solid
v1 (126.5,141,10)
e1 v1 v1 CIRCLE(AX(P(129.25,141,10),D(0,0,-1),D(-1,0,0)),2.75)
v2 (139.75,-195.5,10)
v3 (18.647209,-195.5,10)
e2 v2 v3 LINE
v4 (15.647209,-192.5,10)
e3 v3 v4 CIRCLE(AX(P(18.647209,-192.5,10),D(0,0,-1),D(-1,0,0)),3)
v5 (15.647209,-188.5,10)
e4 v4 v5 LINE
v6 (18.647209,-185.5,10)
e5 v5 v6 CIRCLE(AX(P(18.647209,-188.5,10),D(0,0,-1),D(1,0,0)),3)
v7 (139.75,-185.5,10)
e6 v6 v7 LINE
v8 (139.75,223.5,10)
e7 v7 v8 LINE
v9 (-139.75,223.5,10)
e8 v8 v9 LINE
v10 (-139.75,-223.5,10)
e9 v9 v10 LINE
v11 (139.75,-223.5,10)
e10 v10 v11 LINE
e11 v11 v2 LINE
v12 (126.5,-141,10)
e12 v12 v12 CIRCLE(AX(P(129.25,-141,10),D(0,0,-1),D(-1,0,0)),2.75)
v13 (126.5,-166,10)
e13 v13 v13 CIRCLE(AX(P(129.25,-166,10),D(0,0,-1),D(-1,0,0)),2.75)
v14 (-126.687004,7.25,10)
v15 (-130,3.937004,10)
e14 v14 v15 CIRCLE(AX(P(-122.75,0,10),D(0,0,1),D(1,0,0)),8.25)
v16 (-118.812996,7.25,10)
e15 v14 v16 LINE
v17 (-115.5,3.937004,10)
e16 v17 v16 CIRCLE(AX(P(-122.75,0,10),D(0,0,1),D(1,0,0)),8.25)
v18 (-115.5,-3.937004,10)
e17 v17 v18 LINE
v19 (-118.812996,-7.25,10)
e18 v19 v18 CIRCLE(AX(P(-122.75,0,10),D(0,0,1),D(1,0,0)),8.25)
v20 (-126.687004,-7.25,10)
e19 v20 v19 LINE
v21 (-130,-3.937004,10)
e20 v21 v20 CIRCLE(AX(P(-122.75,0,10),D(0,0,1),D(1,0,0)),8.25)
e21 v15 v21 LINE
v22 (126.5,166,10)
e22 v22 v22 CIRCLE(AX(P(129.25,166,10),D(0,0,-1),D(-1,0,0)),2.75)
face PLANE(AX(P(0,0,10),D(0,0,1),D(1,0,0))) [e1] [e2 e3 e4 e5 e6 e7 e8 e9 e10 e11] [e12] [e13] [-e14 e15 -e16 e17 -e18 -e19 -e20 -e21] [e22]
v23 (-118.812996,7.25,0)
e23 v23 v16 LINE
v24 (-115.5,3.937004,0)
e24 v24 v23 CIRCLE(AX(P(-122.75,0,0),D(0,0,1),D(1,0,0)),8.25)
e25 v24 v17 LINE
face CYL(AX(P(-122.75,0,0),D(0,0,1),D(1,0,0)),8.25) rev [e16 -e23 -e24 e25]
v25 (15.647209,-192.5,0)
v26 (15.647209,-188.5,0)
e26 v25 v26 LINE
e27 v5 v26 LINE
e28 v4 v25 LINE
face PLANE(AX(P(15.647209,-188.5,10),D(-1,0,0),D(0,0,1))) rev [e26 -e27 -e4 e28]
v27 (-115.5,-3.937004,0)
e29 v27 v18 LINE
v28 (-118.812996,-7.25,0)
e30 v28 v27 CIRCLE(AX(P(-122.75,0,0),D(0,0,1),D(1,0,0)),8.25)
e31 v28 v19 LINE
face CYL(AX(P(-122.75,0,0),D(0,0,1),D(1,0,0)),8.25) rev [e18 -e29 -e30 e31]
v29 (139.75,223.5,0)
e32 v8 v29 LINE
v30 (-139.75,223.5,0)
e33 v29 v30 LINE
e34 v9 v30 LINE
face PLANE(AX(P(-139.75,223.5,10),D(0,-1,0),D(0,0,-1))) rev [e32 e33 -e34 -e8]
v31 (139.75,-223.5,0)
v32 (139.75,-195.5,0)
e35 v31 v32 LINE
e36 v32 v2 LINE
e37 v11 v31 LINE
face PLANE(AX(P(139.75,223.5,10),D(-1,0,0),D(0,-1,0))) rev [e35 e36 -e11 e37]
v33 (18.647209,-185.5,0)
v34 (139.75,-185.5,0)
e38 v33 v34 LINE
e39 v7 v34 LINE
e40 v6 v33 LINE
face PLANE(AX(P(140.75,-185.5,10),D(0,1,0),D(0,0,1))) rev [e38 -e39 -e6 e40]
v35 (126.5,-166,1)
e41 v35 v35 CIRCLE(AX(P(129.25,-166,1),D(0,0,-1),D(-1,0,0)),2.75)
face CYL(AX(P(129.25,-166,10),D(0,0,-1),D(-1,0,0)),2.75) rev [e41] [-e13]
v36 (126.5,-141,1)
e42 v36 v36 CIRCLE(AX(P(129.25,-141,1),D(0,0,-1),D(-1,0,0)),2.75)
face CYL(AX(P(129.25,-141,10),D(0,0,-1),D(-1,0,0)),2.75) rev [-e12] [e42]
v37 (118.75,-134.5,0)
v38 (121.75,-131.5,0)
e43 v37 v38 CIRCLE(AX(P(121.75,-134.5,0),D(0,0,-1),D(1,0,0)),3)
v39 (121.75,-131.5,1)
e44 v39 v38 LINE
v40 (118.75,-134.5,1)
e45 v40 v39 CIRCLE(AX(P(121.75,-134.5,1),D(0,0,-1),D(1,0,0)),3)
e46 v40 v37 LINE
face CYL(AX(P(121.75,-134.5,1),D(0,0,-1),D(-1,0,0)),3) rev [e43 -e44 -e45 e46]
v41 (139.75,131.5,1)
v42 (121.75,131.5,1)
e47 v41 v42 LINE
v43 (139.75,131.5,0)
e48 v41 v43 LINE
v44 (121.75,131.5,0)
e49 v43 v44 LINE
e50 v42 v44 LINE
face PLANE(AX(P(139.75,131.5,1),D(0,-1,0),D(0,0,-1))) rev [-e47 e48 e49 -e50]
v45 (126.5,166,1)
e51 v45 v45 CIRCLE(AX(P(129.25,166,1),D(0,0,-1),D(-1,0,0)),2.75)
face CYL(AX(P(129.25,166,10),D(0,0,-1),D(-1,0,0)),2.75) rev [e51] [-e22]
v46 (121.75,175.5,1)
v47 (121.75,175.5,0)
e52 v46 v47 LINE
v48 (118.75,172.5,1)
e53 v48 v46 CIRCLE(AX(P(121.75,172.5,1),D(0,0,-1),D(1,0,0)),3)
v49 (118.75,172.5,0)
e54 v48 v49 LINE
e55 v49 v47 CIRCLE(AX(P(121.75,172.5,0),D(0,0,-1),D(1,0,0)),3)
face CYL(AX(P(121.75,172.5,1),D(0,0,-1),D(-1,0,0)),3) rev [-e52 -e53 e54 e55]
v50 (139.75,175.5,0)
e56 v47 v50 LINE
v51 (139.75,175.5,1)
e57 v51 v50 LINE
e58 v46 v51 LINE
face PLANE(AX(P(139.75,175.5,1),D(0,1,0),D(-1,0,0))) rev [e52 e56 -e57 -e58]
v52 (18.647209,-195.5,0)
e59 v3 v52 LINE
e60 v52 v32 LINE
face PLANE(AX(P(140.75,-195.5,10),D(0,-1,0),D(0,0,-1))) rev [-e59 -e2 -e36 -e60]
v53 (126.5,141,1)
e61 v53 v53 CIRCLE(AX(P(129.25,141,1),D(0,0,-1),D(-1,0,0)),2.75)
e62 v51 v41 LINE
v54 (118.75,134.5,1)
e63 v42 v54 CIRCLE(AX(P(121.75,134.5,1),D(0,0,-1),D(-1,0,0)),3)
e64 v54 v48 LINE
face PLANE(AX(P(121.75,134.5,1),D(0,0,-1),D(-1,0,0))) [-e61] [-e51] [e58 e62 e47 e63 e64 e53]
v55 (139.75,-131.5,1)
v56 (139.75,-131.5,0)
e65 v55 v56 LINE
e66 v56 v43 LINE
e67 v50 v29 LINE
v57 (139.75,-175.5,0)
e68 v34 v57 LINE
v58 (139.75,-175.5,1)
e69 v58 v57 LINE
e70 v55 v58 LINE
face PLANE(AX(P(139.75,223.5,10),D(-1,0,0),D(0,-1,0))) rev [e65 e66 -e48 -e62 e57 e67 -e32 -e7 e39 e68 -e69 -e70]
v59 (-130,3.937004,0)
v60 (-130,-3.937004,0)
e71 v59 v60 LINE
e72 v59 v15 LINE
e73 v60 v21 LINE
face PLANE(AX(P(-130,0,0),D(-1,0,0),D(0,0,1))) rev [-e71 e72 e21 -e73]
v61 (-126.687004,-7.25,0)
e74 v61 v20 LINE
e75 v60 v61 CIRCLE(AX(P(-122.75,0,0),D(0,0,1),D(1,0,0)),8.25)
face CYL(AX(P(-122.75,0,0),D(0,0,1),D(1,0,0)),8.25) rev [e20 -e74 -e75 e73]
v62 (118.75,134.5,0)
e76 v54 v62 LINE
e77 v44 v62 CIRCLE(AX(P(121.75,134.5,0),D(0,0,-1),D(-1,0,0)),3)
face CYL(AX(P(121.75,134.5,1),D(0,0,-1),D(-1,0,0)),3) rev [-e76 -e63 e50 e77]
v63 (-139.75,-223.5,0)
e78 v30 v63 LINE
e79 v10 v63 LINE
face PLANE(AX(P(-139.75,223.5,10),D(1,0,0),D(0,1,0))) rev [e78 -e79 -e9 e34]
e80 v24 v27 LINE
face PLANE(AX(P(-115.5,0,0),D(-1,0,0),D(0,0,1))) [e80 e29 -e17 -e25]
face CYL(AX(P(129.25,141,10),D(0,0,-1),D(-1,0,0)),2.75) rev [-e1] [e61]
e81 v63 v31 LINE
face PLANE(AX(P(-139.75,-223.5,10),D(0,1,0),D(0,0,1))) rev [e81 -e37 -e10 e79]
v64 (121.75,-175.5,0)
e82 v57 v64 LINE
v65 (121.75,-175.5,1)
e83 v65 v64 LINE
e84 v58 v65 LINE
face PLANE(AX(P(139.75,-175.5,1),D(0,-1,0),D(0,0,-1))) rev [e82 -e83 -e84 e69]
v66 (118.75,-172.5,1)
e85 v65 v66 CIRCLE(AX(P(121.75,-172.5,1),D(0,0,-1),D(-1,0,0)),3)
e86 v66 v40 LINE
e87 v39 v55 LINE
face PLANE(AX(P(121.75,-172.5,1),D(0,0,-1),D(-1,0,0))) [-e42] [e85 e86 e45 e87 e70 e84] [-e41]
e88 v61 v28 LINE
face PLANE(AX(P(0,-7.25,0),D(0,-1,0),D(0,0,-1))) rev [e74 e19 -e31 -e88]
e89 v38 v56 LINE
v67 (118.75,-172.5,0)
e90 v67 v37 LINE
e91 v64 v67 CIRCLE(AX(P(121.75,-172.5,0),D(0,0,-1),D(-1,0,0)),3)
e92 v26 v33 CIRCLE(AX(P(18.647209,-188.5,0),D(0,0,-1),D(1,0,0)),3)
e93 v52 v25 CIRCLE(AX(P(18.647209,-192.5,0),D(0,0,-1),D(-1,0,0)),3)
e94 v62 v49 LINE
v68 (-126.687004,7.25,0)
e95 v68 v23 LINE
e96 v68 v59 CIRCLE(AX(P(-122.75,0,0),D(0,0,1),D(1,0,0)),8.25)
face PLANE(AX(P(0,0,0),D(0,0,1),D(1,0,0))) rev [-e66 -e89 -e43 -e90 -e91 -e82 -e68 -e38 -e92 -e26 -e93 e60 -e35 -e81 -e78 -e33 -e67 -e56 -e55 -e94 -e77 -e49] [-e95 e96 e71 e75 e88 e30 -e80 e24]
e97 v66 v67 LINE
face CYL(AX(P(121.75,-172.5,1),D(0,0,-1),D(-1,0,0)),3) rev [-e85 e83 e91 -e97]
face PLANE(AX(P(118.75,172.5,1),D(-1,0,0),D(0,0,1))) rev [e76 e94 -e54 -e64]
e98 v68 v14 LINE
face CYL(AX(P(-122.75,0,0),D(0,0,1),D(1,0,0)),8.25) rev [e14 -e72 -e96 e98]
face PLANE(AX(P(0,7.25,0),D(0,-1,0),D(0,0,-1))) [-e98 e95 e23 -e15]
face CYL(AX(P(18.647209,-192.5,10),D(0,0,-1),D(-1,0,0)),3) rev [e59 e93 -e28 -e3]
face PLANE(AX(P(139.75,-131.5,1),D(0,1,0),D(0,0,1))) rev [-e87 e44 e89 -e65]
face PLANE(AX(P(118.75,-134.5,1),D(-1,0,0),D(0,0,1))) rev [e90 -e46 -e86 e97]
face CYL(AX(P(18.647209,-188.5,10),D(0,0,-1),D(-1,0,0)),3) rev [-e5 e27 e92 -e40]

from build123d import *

# Parameters (mm, degrees)
SKETCH1_W           = 279.5
SKETCH1_H           = 447
BOSS_EXTRUDE1_DEPTH = 10
CUT_EXTRUDE1_DEPTH  = 1
SKETCH3_R           = 2.75
CUT_EXTRUDE2_DEPTH  = 264.748578195
CUT_EXTRUDE3_DEPTH  = 264.784594888
CUT_EXTRUDE4_DEPTH  = 264.784594888


with BuildPart() as part:
    # Sketch1 → Boss-Extrude1 (new body)
    with BuildSketch(Plane.XY):
        Rectangle(SKETCH1_W, SKETCH1_H)
    extrude(amount=BOSS_EXTRUDE1_DEPTH)

    # Sketch2 → Cut-Extrude1 (cut)
    with BuildSketch(Plane(origin=(0, 0, 0), x_dir=(-1, 0, 0), z_dir=(0, 0, -1))):
        with BuildLine():
            Line((-139.75, 175.5), (-121.75, 175.5))
            ThreePointArc((-121.75, 175.5), (-119.628679656, 174.621320344), (-118.75, 172.5))
            Line((-118.75, 172.5), (-118.75, 134.5))
            ThreePointArc((-118.75, 134.5), (-119.628679656, 132.378679656), (-121.75, 131.5))
            Line((-121.75, 131.5), (-139.75, 131.5))
            Line((-139.75, 131.5), (-139.75, 175.5))
        make_face()
        with BuildLine():
            Line((-139.75, -131.5), (-121.75, -131.5))
            ThreePointArc((-121.75, -131.5), (-119.628679656, -132.378679656), (-118.75, -134.5))
            Line((-118.75, -134.5), (-118.75, -172.5))
            ThreePointArc((-118.75, -172.5), (-119.628679656, -174.621320344), (-121.75, -175.5))
            Line((-121.75, -175.5), (-139.75, -175.5))
            Line((-139.75, -175.5), (-139.75, -131.5))
        make_face()
    extrude(amount=-CUT_EXTRUDE1_DEPTH, mode=Mode.SUBTRACT)

    # Sketch3 → Cut-Extrude2 (cut, through all)
    with BuildSketch(Plane(origin=(0, 0, 1), x_dir=(-1, 0, 0), z_dir=(0, 0, -1))):
        with Locations((-129.25, 166)):
            Circle(SKETCH3_R)
        with Locations((-129.25, 141)):
            Circle(SKETCH3_R)
        with Locations((-129.25, -141)):
            Circle(SKETCH3_R)
        with Locations((-129.25, -166)):
            Circle(SKETCH3_R)
    extrude(amount=-CUT_EXTRUDE2_DEPTH, mode=Mode.SUBTRACT)

    # Sketch4 → Cut-Extrude3 (cut, through all)
    with BuildSketch(Plane(origin=(0, 0, 0), x_dir=(-1, 0, 0), z_dir=(0, 0, -1))):
        with BuildLine():
            Line((-140.75, -185.5), (-18.647208755, -185.5))
            ThreePointArc((-18.647208755, -185.5), (-16.525888411, -186.378679656), (-15.647208755, -188.5))
            Line((-15.647208755, -188.5), (-15.647208755, -192.5))
            ThreePointArc((-15.647208755, -192.5), (-16.525888411, -194.621320344), (-18.647208755, -195.5))
            Line((-18.647208755, -195.5), (-140.75, -195.5))
            Line((-140.75, -195.5), (-140.75, -185.5))
        make_face()
    extrude(amount=-CUT_EXTRUDE3_DEPTH, mode=Mode.SUBTRACT)

    # Sketch5 → Cut-Extrude4 (cut, through all)
    with BuildSketch(Plane.XY.offset(10)):
        with BuildLine():
            Line((-118.812996063, 7.25), (-126.687003937, 7.25))
            ThreePointArc((-126.687003937, 7.25), (-128.583630945, 5.833630945), (-130, 3.937003937))
            Line((-130, 3.937003937), (-130, -3.937003937))
            ThreePointArc((-130, -3.937003937), (-128.583630945, -5.833630945), (-126.687003937, -7.25))
            Line((-126.687003937, -7.25), (-118.812996063, -7.25))
            ThreePointArc((-118.812996063, -7.25), (-116.916369055, -5.833630945), (-115.5, -3.937003937))
            Line((-115.5, -3.937003937), (-115.5, 3.937003937))
            ThreePointArc((-115.5, 3.937003937), (-116.916369055, 5.833630945), (-118.812996063, 7.25))
        make_face()
    extrude(amount=-CUT_EXTRUDE4_DEPTH, mode=Mode.SUBTRACT)


solid = part.part
